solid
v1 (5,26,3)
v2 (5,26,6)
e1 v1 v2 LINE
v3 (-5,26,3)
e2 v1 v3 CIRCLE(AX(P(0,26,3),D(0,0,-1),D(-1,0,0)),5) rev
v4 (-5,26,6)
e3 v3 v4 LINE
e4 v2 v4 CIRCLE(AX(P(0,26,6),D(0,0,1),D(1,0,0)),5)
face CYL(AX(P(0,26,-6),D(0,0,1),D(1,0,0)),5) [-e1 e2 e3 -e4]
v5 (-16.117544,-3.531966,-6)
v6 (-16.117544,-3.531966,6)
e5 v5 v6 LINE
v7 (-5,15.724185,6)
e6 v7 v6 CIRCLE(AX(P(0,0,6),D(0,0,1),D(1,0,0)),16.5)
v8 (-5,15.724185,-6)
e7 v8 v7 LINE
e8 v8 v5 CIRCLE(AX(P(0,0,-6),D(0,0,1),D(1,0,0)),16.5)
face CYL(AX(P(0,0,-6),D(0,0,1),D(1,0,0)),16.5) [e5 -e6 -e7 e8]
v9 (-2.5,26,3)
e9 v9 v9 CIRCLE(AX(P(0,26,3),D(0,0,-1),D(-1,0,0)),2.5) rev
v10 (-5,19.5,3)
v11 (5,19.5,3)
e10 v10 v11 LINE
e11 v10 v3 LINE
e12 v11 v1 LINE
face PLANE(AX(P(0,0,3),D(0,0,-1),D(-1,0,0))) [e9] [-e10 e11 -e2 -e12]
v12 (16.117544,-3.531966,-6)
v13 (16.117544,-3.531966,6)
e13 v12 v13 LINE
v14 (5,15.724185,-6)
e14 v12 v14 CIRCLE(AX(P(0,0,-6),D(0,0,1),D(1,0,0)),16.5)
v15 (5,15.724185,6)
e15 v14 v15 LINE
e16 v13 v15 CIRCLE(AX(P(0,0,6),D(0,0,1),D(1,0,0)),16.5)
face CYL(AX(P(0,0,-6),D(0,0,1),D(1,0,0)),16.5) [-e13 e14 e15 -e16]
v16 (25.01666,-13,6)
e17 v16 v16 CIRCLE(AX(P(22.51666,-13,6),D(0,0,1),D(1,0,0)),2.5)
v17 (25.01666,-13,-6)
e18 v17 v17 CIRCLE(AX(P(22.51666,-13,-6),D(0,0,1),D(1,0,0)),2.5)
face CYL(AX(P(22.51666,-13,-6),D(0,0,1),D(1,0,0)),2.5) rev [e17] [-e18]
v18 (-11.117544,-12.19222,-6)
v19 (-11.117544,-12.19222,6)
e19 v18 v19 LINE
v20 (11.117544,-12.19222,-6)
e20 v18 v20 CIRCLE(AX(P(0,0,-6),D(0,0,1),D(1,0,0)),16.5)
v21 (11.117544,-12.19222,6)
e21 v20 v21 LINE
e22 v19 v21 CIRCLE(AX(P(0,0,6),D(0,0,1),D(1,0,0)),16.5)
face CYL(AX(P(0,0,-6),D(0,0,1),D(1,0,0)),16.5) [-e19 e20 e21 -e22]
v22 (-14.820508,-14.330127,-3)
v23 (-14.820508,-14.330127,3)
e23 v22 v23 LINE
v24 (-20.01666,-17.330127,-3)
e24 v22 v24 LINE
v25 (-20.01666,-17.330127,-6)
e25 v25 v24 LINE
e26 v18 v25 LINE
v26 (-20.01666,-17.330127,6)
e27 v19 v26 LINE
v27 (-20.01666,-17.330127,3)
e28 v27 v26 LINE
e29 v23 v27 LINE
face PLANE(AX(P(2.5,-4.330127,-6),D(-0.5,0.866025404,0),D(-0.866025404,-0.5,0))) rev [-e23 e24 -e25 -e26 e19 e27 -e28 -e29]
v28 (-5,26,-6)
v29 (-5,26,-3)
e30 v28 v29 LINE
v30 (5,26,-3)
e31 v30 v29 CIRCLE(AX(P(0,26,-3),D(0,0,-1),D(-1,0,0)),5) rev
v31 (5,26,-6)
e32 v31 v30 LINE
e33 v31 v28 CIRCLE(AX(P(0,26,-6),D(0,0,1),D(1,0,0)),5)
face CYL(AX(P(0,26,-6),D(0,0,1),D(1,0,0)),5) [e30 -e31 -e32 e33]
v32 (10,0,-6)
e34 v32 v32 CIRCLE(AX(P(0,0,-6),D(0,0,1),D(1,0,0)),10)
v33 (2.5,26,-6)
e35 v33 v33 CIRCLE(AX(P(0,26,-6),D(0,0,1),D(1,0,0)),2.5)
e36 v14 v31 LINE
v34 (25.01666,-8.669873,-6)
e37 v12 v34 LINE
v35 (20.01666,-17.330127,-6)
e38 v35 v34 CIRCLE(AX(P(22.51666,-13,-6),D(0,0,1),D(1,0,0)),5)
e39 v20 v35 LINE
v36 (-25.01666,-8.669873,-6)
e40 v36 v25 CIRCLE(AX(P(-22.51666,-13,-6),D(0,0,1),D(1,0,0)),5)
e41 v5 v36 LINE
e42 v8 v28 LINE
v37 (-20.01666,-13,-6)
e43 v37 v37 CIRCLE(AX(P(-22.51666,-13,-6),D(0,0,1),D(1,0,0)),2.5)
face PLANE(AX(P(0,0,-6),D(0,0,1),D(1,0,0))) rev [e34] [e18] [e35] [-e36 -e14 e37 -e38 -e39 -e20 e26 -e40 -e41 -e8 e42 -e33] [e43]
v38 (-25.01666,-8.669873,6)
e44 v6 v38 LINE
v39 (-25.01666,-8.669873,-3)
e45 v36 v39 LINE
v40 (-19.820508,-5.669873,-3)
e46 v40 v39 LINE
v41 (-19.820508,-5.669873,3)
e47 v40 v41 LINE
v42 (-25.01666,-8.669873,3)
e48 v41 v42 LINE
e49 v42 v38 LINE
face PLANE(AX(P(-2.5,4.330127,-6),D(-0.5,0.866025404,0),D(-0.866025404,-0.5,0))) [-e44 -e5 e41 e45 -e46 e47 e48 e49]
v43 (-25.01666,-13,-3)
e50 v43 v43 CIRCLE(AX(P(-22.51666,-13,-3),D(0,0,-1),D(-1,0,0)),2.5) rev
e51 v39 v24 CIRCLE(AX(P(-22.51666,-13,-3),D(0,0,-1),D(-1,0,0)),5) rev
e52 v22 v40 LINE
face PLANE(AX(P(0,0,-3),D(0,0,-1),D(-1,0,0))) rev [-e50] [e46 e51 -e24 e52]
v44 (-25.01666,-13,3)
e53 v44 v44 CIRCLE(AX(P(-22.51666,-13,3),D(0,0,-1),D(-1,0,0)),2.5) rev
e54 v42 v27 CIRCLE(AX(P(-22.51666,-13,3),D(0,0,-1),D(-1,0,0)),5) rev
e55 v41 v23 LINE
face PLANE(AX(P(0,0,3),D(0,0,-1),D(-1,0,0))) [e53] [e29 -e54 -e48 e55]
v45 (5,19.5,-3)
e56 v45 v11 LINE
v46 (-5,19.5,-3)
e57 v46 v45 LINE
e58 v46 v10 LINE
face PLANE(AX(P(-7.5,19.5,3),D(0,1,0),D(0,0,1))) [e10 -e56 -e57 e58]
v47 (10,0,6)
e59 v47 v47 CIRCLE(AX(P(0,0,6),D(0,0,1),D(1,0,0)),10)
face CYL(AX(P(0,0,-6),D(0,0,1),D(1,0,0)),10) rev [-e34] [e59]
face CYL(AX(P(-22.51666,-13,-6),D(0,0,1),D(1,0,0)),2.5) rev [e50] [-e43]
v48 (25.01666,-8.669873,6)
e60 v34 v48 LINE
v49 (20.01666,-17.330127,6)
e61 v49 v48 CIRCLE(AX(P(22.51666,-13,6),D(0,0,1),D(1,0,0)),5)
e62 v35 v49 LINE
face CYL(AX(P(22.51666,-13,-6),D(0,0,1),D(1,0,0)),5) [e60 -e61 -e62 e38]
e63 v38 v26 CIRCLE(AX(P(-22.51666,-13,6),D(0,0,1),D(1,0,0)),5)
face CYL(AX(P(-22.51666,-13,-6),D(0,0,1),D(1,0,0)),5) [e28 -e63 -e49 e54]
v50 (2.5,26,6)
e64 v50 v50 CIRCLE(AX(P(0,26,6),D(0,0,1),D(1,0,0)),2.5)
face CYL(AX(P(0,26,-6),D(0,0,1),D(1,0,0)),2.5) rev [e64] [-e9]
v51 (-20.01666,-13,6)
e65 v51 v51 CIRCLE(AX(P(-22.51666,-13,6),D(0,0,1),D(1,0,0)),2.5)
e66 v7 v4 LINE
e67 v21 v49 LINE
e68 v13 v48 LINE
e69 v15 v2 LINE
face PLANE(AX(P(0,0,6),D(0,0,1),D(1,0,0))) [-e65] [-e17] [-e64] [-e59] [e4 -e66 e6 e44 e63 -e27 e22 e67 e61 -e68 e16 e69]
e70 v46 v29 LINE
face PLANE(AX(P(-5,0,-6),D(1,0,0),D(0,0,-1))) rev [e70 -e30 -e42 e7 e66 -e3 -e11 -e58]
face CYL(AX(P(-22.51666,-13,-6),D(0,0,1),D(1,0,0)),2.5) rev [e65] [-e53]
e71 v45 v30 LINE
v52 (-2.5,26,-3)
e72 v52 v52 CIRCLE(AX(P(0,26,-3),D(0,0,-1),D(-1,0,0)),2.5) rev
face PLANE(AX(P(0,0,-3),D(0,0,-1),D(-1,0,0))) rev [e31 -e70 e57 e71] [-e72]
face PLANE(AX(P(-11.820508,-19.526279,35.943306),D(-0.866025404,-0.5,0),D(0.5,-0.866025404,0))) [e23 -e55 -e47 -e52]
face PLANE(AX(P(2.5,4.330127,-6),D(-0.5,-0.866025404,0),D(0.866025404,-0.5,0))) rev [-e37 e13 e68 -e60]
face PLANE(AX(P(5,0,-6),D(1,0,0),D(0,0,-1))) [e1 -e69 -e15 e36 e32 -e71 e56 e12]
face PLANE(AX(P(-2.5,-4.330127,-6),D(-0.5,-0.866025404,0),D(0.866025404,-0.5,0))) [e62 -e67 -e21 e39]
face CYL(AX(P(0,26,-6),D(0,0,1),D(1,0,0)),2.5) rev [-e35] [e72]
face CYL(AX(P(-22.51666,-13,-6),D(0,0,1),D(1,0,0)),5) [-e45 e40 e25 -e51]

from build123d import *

# Parameters (mm, degrees)
EXTRUDE_1_DEPTH          = 6
EXTRUDE_1_DEPTH_BACK     = 6
SKETCH_1_R               = 2.5
CUT_EXTRUDE_1_DEPTH      = 3
CUT_EXTRUDE_1_DEPTH_BACK = 3
SKETCH_2_W               = 15
SKETCH_2_H               = 13
CUT_EXTRUDE_2_DEPTH      = 6


with BuildPart() as part:
    # Эскиз1 → Бобышка-Вытянуть1 (new, two sides: drawn at the far end of the back side and taken through both)
    # profile 1 of 9: a face of its own
    with BuildSketch(Plane.XY.offset(-EXTRUDE_1_DEPTH_BACK)):
        with BuildLine():
            Line((5, 15.724185194), (5, 8.660254038))
            ThreePointArc((5, 8.660254038), (8.660254038, 5), (10, 0))
            Line((10, 0), (16.117543831, -3.531965578))
            ThreePointArc((16.117543831, -3.531965578), (16.404107309, -1.776306108), (16.5, 0))
            ThreePointArc((16.5, 0), (13.318220602, 9.740379869), (5, 15.724185194))
        make_face()
    # profile 2 of 9: a face of its own
    with BuildSketch(Plane.XY.offset(-EXTRUDE_1_DEPTH_BACK)):
        with BuildLine():
            Line((-5, 15.724185194), (-5, 8.660254038))
            ThreePointArc((-5, 8.660254038), (0, 10), (5, 8.660254038))
            Line((5, 8.660254038), (5, 15.724185194))
            ThreePointArc((5, 15.724185194), (0, 16.5), (-5, 15.724185194))
        make_face()
    # profile 3 of 9: a face of its own
    with BuildSketch(Plane.XY.offset(-EXTRUDE_1_DEPTH_BACK)):
        with BuildLine():
            ThreePointArc((-10, 0), (-8.660254038, 5), (-5, 8.660254038))
            Line((-5, 8.660254038), (-5, 15.724185194))
            ThreePointArc((-5, 15.724185194), (-14.289419162, 8.25), (-16.117543831, -3.531965578))
            Line((-16.117543831, -3.531965578), (-10, 0))
        make_face()
    # profile 4 of 9: a face of its own
    with BuildSketch(Plane.XY.offset(-EXTRUDE_1_DEPTH_BACK)):
        with BuildLine():
            ThreePointArc((-5, -8.660254038), (-8.660254038, -5), (-10, 0))
            Line((-10, 0), (-16.117543831, -3.531965578))
            ThreePointArc((-16.117543831, -3.531965578), (-14.289419162, -8.25), (-11.117543831, -12.192219616))
            Line((-11.117543831, -12.192219616), (-5, -8.660254038))
        make_face()
    # profile 5 of 9: a face of its own
    with BuildSketch(Plane.XY.offset(-EXTRUDE_1_DEPTH_BACK)):
        with BuildLine():
            ThreePointArc((5, -8.660254038), (0, -10), (-5, -8.660254038))
            Line((-5, -8.660254038), (-11.117543831, -12.192219616))
            ThreePointArc((-11.117543831, -12.192219616), (0, -16.5), (11.117543831, -12.192219616))
            Line((11.117543831, -12.192219616), (5, -8.660254038))
        make_face()
    # profile 6 of 9: a face of its own
    with BuildSketch(Plane.XY.offset(-EXTRUDE_1_DEPTH_BACK)):
        with BuildLine():
            ThreePointArc((10, 0), (8.660254038, -5), (5, -8.660254038))
            Line((5, -8.660254038), (11.117543831, -12.192219616))
            ThreePointArc((11.117543831, -12.192219616), (14.289419162, -8.25), (16.117543831, -3.531965578))
            Line((16.117543831, -3.531965578), (10, 0))
        make_face()
    # profile 7 of 9: a face of its own
    with BuildSketch(Plane.XY.offset(-EXTRUDE_1_DEPTH_BACK)):
        with BuildLine():
            ThreePointArc((16.117543831, -3.531965578), (14.289419162, -8.25), (11.117543831, -12.192219616))
            Line((11.117543831, -12.192219616), (20.016660498, -17.330127019))
            ThreePointArc((20.016660498, -17.330127019), (26.846787517, -15.5), (25.016660498, -8.669872981))
            Line((25.016660498, -8.669872981), (16.117543831, -3.531965578))
        make_face()
        with Locations((22.516660498, -13)):
            Circle(SKETCH_1_R, mode=Mode.SUBTRACT)
    # profile 8 of 9: a face of its own
    with BuildSketch(Plane.XY.offset(-EXTRUDE_1_DEPTH_BACK)):
        with BuildLine():
            ThreePointArc((-11.117543831, -12.192219616), (-14.289419162, -8.25), (-16.117543831, -3.531965578))
            Line((-16.117543831, -3.531965578), (-25.016660498, -8.669872981))
            ThreePointArc((-25.016660498, -8.669872981), (-26.846787517, -15.5), (-20.016660498, -17.330127019))
            Line((-20.016660498, -17.330127019), (-11.117543831, -12.192219616))
        make_face()
        with Locations((-22.516660498, -13)):
            Circle(SKETCH_1_R, mode=Mode.SUBTRACT)
    # profile 9 of 9: a face of its own
    with BuildSketch(Plane.XY.offset(-EXTRUDE_1_DEPTH_BACK)):
        with BuildLine():
            Line((-5, 26), (-5, 15.724185194))
            ThreePointArc((-5, 15.724185194), (0, 16.5), (5, 15.724185194))
            Line((5, 15.724185194), (5, 26))
            ThreePointArc((5, 26), (0, 31), (-5, 26))
        make_face()
        with Locations((0, 26)):
            Circle(SKETCH_1_R, mode=Mode.SUBTRACT)
    extrude(amount=EXTRUDE_1_DEPTH + EXTRUDE_1_DEPTH_BACK)

    # Эскиз2 → Вырез-Вытянуть1 (cut, two sides: drawn at the far end of the back side and taken through both)
    with BuildSketch(Plane.XY.offset(-CUT_EXTRUDE_1_DEPTH_BACK)):
        with Locations((0, 26)):
            Rectangle(SKETCH_2_W, SKETCH_2_H)
    extrude(amount=CUT_EXTRUDE_1_DEPTH + CUT_EXTRUDE_1_DEPTH_BACK, mode=Mode.SUBTRACT)

    # Эскиз3 → Вырез-Вытянуть2 (cut)
    with BuildSketch(Plane.XY.offset(-3)):
        Polygon((-22.212812921, -25.526279442), (-11.820508076, -19.526279442), (-22.820508076, -0.473720558), (-33.212812921, -6.473720558), align=None)
    extrude(amount=CUT_EXTRUDE_2_DEPTH, mode=Mode.SUBTRACT)


solid = part.part
